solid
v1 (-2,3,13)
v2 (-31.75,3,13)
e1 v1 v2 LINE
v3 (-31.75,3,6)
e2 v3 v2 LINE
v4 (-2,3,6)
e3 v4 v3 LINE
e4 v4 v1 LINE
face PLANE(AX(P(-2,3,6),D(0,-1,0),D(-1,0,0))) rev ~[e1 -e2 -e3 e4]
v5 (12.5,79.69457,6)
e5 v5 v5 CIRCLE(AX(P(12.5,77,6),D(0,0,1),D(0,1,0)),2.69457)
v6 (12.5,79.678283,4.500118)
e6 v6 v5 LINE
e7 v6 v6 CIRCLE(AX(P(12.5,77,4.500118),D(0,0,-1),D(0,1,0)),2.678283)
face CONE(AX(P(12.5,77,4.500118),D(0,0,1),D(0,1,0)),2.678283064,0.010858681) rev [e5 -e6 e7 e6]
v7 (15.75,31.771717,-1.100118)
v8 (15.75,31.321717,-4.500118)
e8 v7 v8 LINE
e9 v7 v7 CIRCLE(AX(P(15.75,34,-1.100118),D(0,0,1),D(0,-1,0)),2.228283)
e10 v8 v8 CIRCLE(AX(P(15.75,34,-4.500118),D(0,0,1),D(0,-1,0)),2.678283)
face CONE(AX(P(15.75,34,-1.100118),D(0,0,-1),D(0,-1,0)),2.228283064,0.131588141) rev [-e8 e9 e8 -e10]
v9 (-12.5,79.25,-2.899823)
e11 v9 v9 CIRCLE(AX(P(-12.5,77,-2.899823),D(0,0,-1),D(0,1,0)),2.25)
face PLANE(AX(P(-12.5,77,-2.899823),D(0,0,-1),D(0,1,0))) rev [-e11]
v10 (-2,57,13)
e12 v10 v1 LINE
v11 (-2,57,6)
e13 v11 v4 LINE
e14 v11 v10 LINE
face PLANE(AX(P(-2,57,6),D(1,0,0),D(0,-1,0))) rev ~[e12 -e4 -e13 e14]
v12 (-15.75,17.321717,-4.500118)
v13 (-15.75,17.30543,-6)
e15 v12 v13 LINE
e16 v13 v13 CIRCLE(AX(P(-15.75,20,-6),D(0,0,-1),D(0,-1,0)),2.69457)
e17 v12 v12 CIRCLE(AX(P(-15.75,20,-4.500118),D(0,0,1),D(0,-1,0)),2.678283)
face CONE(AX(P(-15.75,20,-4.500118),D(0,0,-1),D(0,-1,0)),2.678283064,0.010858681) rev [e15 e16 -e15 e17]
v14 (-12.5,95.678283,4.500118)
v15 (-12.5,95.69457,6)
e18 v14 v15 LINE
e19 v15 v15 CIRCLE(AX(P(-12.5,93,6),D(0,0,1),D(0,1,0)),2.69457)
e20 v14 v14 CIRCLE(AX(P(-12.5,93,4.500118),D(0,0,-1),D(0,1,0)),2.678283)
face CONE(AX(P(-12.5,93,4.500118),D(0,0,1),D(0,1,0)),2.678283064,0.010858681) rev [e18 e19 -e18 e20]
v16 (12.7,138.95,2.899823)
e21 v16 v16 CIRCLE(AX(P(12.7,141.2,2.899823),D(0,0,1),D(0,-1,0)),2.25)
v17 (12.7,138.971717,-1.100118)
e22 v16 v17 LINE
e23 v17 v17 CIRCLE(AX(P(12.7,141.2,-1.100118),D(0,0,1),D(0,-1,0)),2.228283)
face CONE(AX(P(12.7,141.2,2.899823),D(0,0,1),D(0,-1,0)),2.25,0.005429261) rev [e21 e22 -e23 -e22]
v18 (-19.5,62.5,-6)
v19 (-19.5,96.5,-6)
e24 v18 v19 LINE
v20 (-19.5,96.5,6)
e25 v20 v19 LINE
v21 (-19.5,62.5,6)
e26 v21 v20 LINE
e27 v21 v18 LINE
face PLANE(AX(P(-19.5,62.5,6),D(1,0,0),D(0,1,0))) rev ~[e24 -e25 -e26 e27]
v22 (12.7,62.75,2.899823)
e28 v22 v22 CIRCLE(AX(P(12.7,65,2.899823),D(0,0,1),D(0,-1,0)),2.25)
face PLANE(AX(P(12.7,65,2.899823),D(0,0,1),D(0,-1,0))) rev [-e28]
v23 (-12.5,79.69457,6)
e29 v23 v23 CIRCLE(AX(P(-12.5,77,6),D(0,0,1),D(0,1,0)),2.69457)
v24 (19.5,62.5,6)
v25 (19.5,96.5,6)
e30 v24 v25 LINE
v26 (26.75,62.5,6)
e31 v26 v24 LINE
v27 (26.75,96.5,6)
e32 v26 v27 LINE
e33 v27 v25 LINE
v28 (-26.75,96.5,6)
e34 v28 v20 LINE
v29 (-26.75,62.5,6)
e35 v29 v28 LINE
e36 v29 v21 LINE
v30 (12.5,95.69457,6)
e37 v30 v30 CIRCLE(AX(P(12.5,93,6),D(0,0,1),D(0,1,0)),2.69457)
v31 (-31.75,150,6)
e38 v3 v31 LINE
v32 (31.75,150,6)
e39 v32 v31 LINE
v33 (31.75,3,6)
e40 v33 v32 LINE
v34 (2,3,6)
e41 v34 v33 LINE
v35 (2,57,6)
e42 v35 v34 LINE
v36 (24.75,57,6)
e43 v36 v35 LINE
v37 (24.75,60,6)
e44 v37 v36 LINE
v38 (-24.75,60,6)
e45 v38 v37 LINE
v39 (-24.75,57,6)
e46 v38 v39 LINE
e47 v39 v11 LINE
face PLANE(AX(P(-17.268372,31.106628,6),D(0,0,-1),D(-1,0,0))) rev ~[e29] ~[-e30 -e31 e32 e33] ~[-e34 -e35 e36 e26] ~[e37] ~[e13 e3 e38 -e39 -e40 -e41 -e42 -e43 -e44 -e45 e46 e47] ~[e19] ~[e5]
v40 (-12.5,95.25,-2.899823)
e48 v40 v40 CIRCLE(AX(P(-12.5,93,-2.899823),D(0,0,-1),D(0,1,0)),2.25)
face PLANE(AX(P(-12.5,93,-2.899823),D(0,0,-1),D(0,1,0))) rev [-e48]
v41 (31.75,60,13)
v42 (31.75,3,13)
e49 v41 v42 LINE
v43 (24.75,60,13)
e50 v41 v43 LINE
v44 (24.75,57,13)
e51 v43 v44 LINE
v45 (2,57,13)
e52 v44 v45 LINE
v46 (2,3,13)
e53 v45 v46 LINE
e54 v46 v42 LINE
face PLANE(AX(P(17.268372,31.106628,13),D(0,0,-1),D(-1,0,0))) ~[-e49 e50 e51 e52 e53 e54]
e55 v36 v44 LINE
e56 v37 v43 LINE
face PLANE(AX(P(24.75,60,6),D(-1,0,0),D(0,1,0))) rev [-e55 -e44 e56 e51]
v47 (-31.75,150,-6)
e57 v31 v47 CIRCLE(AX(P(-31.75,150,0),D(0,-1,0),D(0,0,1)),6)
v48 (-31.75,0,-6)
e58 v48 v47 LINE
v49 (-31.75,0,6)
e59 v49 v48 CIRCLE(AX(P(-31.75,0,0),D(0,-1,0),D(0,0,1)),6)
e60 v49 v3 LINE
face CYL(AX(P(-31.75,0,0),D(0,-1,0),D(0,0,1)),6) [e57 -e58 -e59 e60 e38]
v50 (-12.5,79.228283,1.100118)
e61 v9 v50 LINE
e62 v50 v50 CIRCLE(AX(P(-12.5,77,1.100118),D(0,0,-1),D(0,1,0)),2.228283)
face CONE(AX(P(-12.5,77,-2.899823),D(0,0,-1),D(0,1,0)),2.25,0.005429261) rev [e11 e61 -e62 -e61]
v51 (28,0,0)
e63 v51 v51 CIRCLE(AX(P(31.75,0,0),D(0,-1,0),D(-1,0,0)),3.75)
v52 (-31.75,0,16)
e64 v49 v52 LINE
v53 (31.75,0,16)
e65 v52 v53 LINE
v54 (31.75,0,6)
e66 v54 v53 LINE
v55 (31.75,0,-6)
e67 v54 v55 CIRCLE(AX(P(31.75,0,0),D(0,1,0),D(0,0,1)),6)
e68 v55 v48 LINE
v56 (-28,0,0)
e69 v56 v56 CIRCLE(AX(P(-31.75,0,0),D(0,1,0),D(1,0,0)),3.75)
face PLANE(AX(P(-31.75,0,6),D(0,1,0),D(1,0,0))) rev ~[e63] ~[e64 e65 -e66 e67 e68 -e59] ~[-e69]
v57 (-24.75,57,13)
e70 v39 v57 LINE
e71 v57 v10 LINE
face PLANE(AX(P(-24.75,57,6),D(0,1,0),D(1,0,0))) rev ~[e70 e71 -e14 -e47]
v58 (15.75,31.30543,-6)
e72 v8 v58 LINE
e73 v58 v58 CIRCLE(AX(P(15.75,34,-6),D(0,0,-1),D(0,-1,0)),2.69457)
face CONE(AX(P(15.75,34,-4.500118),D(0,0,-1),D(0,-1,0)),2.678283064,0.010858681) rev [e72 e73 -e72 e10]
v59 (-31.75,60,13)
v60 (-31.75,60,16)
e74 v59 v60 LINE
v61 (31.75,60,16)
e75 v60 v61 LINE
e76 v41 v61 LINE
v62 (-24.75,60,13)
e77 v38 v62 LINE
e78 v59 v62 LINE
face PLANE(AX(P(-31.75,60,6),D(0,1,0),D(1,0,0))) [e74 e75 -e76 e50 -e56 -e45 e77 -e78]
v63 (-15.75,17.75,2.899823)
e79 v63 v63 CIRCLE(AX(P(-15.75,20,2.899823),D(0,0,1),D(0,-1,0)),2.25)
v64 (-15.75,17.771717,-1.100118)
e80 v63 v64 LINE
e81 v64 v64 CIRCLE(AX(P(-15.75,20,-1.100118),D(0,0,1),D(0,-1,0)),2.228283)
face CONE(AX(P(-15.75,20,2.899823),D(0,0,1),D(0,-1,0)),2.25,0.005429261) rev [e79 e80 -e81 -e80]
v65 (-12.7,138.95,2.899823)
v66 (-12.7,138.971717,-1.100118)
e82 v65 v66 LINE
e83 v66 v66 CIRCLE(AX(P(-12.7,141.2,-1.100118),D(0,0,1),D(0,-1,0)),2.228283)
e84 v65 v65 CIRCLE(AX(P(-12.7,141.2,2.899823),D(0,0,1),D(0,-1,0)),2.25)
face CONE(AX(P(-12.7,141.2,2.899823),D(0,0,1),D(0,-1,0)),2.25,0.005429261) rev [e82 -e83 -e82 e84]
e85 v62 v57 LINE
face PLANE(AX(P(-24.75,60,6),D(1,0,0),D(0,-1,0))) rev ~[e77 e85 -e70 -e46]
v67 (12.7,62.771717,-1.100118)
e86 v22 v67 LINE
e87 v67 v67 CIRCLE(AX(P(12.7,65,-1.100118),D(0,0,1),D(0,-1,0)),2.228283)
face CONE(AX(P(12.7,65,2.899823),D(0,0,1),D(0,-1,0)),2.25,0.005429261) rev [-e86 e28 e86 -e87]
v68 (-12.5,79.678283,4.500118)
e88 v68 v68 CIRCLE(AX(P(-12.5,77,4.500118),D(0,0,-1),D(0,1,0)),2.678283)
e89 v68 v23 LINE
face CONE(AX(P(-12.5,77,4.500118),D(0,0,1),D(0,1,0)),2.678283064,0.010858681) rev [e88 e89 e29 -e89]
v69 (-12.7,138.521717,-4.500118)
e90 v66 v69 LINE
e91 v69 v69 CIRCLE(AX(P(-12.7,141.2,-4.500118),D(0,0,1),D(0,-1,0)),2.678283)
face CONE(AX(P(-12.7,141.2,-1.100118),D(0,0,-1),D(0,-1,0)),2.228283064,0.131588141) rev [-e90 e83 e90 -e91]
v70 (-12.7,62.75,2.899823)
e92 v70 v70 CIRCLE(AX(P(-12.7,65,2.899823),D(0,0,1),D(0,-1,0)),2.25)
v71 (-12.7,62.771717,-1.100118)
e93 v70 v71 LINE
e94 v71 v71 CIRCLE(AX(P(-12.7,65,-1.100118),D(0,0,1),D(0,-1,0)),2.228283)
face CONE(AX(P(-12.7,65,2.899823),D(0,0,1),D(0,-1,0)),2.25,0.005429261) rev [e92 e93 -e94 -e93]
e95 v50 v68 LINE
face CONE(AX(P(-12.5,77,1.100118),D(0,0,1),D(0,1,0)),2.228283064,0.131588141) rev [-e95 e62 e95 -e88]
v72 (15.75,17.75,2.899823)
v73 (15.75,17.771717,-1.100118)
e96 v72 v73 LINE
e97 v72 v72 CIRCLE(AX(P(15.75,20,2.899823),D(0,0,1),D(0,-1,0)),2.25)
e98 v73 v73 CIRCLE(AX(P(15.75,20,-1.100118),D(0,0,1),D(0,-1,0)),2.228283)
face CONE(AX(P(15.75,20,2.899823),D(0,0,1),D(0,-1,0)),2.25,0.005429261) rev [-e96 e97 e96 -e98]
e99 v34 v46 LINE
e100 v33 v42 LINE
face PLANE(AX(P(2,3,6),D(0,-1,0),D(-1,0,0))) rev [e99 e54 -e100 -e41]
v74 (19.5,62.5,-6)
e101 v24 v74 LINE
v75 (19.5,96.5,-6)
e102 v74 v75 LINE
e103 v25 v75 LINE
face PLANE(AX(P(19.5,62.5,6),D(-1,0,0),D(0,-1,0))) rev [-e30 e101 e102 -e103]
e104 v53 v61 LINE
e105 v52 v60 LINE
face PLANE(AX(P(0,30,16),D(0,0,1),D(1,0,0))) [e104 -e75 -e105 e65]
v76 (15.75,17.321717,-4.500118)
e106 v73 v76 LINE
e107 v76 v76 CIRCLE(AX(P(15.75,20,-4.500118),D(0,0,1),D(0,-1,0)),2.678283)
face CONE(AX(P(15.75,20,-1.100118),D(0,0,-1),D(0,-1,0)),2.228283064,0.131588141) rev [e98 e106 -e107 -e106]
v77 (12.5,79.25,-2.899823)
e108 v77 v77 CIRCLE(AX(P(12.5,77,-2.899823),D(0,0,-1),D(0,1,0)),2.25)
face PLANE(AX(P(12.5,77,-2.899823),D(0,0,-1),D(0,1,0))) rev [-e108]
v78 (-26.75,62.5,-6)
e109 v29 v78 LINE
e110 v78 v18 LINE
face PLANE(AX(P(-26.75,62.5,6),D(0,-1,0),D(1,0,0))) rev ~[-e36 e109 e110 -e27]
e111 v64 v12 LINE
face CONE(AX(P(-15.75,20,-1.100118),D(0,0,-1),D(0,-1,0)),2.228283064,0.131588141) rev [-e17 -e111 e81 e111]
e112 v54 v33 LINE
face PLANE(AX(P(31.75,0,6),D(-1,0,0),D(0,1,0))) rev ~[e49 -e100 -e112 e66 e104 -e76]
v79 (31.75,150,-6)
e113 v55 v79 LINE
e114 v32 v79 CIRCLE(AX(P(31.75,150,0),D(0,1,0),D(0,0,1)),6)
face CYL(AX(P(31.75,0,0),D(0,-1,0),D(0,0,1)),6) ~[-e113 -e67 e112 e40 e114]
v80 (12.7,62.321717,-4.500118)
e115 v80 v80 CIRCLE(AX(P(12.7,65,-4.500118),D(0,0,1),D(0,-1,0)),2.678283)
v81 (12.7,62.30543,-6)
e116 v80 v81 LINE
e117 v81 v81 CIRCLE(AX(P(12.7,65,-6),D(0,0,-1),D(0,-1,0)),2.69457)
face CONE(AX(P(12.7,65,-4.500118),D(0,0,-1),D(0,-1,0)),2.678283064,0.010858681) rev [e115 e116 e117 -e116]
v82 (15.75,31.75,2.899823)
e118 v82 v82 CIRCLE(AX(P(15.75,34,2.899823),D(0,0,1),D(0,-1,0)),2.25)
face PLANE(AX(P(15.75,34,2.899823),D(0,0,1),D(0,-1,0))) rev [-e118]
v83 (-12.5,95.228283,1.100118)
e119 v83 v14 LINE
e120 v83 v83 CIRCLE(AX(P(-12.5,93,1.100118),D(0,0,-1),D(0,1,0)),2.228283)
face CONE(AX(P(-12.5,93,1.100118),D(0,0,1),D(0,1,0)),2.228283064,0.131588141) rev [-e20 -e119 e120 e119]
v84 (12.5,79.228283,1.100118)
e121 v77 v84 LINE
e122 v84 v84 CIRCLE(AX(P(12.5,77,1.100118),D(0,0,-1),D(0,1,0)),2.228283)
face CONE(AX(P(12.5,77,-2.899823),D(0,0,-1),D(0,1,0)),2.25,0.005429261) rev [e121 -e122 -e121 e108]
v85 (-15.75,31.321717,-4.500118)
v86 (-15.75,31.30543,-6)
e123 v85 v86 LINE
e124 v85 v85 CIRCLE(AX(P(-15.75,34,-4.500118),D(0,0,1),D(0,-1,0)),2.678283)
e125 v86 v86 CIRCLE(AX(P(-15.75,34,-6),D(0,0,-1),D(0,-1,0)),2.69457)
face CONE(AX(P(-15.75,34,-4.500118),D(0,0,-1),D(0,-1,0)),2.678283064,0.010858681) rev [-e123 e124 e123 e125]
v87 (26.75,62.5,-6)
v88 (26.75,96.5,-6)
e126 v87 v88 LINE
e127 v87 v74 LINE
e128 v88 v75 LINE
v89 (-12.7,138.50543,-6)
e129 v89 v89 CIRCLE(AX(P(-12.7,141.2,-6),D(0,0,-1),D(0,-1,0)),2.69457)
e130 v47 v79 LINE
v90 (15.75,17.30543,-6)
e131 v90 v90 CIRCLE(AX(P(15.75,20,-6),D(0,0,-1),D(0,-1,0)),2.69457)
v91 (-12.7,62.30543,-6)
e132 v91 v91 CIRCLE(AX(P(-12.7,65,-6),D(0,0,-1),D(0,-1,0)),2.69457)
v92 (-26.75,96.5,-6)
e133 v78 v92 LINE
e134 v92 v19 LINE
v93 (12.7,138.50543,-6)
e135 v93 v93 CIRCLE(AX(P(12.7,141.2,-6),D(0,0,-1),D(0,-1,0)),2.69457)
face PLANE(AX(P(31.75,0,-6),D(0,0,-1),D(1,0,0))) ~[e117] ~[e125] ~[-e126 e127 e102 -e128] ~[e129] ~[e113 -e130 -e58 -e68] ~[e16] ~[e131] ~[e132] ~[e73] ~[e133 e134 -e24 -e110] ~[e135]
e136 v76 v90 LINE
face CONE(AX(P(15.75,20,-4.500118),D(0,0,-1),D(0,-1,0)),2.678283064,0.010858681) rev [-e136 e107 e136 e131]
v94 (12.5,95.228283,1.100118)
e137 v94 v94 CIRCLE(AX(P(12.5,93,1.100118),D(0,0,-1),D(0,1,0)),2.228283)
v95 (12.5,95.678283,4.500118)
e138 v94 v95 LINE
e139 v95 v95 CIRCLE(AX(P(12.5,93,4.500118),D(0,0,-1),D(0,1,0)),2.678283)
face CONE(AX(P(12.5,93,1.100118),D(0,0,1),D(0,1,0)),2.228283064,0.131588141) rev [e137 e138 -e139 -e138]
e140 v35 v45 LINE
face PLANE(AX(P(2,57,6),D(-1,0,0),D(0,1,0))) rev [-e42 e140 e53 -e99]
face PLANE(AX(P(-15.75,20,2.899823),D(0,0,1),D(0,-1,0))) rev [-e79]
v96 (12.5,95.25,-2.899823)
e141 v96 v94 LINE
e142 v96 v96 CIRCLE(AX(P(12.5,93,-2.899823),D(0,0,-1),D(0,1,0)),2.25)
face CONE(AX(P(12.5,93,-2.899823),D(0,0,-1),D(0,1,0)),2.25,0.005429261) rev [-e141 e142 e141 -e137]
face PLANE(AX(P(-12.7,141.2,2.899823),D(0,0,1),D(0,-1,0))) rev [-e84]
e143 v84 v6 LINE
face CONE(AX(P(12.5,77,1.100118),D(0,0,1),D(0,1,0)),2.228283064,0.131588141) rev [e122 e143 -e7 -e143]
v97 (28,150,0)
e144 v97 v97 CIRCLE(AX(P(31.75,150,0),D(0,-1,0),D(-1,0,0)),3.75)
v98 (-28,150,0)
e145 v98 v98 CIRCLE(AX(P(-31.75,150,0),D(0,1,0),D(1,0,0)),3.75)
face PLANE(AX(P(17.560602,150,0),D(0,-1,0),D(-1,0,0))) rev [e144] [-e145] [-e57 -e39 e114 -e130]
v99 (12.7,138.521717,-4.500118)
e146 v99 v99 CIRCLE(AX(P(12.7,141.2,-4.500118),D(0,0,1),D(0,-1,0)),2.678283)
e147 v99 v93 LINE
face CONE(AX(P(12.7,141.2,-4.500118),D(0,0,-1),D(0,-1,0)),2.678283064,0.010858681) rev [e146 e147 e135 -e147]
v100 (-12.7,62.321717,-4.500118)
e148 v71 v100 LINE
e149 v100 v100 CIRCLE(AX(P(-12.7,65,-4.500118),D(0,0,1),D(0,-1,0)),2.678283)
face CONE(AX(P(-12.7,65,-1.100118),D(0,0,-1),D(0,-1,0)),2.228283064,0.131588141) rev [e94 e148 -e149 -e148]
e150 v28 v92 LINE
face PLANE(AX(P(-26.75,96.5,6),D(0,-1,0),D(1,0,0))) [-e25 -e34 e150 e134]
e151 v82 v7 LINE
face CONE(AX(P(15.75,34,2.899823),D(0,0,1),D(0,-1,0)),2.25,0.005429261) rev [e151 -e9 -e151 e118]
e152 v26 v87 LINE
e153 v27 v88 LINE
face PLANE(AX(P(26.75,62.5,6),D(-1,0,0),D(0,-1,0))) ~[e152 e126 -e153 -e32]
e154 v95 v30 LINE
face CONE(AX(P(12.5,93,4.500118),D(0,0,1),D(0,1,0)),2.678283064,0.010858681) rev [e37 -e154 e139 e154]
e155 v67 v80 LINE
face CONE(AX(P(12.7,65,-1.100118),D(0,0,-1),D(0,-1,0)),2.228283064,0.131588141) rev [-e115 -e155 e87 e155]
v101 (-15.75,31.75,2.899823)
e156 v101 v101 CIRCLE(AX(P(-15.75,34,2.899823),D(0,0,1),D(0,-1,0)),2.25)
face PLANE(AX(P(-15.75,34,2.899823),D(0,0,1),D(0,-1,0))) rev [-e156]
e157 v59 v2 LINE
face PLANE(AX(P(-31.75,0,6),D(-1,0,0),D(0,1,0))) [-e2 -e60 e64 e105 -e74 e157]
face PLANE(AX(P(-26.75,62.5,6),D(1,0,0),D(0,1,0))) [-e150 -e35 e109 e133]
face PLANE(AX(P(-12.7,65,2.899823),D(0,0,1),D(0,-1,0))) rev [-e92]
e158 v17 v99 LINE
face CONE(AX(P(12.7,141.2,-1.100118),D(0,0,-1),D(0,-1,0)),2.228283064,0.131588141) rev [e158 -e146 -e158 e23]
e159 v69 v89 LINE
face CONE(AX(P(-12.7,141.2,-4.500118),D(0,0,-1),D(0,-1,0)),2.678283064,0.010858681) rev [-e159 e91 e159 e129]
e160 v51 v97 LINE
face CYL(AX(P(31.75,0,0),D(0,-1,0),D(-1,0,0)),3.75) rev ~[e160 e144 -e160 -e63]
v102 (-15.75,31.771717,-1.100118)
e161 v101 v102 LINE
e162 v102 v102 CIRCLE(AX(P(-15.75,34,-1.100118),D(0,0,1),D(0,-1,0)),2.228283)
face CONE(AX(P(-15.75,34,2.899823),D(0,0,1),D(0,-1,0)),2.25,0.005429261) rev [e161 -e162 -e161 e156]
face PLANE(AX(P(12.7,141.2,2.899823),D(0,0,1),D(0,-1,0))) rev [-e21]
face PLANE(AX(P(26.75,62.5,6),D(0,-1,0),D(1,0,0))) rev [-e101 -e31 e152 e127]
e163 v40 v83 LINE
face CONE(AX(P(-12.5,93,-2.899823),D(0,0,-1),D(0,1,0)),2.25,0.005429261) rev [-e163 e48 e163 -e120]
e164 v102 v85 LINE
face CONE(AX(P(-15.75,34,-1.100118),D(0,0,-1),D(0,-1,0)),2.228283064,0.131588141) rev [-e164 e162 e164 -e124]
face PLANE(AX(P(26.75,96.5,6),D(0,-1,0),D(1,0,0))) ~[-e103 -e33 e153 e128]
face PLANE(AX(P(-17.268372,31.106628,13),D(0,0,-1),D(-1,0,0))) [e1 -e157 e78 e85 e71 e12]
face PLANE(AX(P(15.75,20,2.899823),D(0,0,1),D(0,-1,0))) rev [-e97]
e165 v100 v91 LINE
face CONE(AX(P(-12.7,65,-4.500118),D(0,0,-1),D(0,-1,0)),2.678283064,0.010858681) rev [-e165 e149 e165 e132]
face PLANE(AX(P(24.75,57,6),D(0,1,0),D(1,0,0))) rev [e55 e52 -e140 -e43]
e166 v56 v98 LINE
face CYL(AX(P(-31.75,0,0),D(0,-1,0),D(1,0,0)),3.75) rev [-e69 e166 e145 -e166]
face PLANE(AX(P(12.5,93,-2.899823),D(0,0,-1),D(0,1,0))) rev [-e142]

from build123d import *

# Parameters (mm, degrees)
SKETCH1_R            = 3.75
BOSS_EXTRUDE1_DEPTH  = 150
LPATTERN1_COUNT      = 2
LPATTERN1_PITCH      = 76.2
LPATTERN1_COUNT_DIR2 = 2
LPATTERN1_PITCH_DIR2 = 25.4
LPATTERN2_COUNT      = 2
LPATTERN2_PITCH      = 14
LPATTERN2_COUNT_DIR2 = 2
LPATTERN2_PITCH_DIR2 = 31.5
LPATTERN3_COUNT      = 2
LPATTERN3_PITCH      = 16
LPATTERN3_COUNT_DIR2 = 2
LPATTERN3_PITCH_DIR2 = 25
SKETCH6_W            = 63.5
SKETCH6_H            = 60
BOSS_EXTRUDE2_DEPTH  = 10
CUT_EXTRUDE1_DEPTH   = 7
SKETCH8_W            = 7.25
SKETCH8_H            = 34
CUT_EXTRUDE2_DEPTH   = 13


with BuildPart() as part:
    # Sketch1 → Boss-Extrude1 (new body)
    with BuildSketch(Plane(origin=(0, 0, 0), x_dir=(1, 0, 0), z_dir=(0, 1, 0))):
        with BuildLine():
            ThreePointArc((-31.75, -6), (-37.75, 0), (-31.75, 6))
            Line((-31.75, 6), (0, 6))
            Line((0, 6), (0, -6))
            Line((0, -6), (-31.75, -6))
        make_face()
        with Locations((-31.75, 0)):
            Circle(SKETCH1_R, mode=Mode.SUBTRACT)
    boss_extrude1 = extrude(amount=BOSS_EXTRUDE1_DEPTH)

    # Mirror1: Boss-Extrude1 across plane
    add(boss_extrude1.mirror(Plane(origin=(0, 150, 0), x_dir=(0, 0, 1), z_dir=(-1, 0, 0))))

    # Sketch2 → Cut-Revolve1 (revolve, cut)
    with BuildSketch(Plane(origin=(12.7, 0, -12.7), x_dir=(0, 0, 1), z_dir=(-1, 0, 0))):
        Polygon((6.2, 65), (15.599823137, 65), (15.599823137, 62.75), (11.59988209, 62.771716936), (8.19988209, 62.321716936), (6.2, 62.3), align=None)
    cut_revolve1 = revolve(axis=Axis((12.7, 65, -6.5), (0, 0, 1)), mode=Mode.SUBTRACT)

    # LPattern1: Cut-Revolve1 2 × 2
    with Locations(*[(-j * LPATTERN1_PITCH_DIR2, i * LPATTERN1_PITCH, 0) for i in range(LPATTERN1_COUNT) for j in range(LPATTERN1_COUNT_DIR2) if (i, j) != (0, 0)]):
        add(cut_revolve1, mode=Mode.SUBTRACT)

    # Sketch3 → Cut-Revolve2 (revolve, cut)
    with BuildSketch(Plane(origin=(15.75, 0, 3.05), x_dir=(0, 0, 1), z_dir=(-1, 0, 0))):
        Polygon((-9.55, 20), (-0.150176863, 20), (-0.150176863, 17.75), (-4.15011791, 17.771716936), (-7.55011791, 17.321716936), (-9.55, 17.3), align=None)
    cut_revolve2 = revolve(axis=Axis((15.75, 20, -6.5), (0, 0, 1)), mode=Mode.SUBTRACT)

    # LPattern2: Cut-Revolve2 2 × 2
    with Locations(*[(-j * LPATTERN2_PITCH_DIR2, i * LPATTERN2_PITCH, 0) for i in range(LPATTERN2_COUNT) for j in range(LPATTERN2_COUNT_DIR2) if (i, j) != (0, 0)]):
        add(cut_revolve2, mode=Mode.SUBTRACT)

    # Sketch4 → Cut-Revolve3 (revolve, cut)
    with BuildSketch(Plane(origin=(12.5, 0, 15.55), x_dir=(0, 0, 1), z_dir=(-1, 0, 0))):
        Polygon((-9.05, 77), (-18.449823137, 77), (-18.449823137, 79.25), (-14.44988209, 79.228283064), (-11.04988209, 79.678283064), (-9.05, 79.7), align=None)
    cut_revolve3 = revolve(axis=Axis((12.5, 77, 6.5), (0, 0, -1)), mode=Mode.SUBTRACT)

    # LPattern3: Cut-Revolve3 2 × 2
    with Locations(*[(-j * LPATTERN3_PITCH_DIR2, i * LPATTERN3_PITCH, 0) for i in range(LPATTERN3_COUNT) for j in range(LPATTERN3_COUNT_DIR2) if (i, j) != (0, 0)]):
        add(cut_revolve3, mode=Mode.SUBTRACT)

    # Sketch6 → Boss-Extrude2 (add)
    with BuildSketch(Plane.XY.offset(6)):
        with Locations((0, 30)):
            Rectangle(SKETCH6_W, SKETCH6_H)
    extrude(amount=BOSS_EXTRUDE2_DEPTH)

    # Sketch7 → Cut-Extrude1 (cut)
    with BuildSketch(Plane.XY.offset(6)):
        Polygon((-2, 3), (-31.75, 3), (-31.75, 57), (-31.75, 60), (-24.75, 60), (-24.75, 57), (-2, 57), align=None)
    cut_extrude1 = extrude(amount=CUT_EXTRUDE1_DEPTH, mode=Mode.SUBTRACT)

    # Mirror2: Cut-Extrude1 across plane
    add(cut_extrude1.mirror(Plane(origin=(0, 0, 0), x_dir=(0, 0, 1), z_dir=(1, 0, 0))), mode=Mode.SUBTRACT)

    # Sketch8 → Cut-Extrude2 (cut, through all)
    with BuildSketch(Plane.XY.offset(6)):
        with Locations((-23.125, 79.5)):
            Rectangle(SKETCH8_W, SKETCH8_H)
    cut_extrude2 = extrude(amount=-CUT_EXTRUDE2_DEPTH, mode=Mode.SUBTRACT)

    # Mirror3: Cut-Extrude2 across plane
    add(cut_extrude2.mirror(Plane(origin=(0, 0, 0), x_dir=(0, 0, 1), z_dir=(1, 0, 0))), mode=Mode.SUBTRACT)


solid = part.part
